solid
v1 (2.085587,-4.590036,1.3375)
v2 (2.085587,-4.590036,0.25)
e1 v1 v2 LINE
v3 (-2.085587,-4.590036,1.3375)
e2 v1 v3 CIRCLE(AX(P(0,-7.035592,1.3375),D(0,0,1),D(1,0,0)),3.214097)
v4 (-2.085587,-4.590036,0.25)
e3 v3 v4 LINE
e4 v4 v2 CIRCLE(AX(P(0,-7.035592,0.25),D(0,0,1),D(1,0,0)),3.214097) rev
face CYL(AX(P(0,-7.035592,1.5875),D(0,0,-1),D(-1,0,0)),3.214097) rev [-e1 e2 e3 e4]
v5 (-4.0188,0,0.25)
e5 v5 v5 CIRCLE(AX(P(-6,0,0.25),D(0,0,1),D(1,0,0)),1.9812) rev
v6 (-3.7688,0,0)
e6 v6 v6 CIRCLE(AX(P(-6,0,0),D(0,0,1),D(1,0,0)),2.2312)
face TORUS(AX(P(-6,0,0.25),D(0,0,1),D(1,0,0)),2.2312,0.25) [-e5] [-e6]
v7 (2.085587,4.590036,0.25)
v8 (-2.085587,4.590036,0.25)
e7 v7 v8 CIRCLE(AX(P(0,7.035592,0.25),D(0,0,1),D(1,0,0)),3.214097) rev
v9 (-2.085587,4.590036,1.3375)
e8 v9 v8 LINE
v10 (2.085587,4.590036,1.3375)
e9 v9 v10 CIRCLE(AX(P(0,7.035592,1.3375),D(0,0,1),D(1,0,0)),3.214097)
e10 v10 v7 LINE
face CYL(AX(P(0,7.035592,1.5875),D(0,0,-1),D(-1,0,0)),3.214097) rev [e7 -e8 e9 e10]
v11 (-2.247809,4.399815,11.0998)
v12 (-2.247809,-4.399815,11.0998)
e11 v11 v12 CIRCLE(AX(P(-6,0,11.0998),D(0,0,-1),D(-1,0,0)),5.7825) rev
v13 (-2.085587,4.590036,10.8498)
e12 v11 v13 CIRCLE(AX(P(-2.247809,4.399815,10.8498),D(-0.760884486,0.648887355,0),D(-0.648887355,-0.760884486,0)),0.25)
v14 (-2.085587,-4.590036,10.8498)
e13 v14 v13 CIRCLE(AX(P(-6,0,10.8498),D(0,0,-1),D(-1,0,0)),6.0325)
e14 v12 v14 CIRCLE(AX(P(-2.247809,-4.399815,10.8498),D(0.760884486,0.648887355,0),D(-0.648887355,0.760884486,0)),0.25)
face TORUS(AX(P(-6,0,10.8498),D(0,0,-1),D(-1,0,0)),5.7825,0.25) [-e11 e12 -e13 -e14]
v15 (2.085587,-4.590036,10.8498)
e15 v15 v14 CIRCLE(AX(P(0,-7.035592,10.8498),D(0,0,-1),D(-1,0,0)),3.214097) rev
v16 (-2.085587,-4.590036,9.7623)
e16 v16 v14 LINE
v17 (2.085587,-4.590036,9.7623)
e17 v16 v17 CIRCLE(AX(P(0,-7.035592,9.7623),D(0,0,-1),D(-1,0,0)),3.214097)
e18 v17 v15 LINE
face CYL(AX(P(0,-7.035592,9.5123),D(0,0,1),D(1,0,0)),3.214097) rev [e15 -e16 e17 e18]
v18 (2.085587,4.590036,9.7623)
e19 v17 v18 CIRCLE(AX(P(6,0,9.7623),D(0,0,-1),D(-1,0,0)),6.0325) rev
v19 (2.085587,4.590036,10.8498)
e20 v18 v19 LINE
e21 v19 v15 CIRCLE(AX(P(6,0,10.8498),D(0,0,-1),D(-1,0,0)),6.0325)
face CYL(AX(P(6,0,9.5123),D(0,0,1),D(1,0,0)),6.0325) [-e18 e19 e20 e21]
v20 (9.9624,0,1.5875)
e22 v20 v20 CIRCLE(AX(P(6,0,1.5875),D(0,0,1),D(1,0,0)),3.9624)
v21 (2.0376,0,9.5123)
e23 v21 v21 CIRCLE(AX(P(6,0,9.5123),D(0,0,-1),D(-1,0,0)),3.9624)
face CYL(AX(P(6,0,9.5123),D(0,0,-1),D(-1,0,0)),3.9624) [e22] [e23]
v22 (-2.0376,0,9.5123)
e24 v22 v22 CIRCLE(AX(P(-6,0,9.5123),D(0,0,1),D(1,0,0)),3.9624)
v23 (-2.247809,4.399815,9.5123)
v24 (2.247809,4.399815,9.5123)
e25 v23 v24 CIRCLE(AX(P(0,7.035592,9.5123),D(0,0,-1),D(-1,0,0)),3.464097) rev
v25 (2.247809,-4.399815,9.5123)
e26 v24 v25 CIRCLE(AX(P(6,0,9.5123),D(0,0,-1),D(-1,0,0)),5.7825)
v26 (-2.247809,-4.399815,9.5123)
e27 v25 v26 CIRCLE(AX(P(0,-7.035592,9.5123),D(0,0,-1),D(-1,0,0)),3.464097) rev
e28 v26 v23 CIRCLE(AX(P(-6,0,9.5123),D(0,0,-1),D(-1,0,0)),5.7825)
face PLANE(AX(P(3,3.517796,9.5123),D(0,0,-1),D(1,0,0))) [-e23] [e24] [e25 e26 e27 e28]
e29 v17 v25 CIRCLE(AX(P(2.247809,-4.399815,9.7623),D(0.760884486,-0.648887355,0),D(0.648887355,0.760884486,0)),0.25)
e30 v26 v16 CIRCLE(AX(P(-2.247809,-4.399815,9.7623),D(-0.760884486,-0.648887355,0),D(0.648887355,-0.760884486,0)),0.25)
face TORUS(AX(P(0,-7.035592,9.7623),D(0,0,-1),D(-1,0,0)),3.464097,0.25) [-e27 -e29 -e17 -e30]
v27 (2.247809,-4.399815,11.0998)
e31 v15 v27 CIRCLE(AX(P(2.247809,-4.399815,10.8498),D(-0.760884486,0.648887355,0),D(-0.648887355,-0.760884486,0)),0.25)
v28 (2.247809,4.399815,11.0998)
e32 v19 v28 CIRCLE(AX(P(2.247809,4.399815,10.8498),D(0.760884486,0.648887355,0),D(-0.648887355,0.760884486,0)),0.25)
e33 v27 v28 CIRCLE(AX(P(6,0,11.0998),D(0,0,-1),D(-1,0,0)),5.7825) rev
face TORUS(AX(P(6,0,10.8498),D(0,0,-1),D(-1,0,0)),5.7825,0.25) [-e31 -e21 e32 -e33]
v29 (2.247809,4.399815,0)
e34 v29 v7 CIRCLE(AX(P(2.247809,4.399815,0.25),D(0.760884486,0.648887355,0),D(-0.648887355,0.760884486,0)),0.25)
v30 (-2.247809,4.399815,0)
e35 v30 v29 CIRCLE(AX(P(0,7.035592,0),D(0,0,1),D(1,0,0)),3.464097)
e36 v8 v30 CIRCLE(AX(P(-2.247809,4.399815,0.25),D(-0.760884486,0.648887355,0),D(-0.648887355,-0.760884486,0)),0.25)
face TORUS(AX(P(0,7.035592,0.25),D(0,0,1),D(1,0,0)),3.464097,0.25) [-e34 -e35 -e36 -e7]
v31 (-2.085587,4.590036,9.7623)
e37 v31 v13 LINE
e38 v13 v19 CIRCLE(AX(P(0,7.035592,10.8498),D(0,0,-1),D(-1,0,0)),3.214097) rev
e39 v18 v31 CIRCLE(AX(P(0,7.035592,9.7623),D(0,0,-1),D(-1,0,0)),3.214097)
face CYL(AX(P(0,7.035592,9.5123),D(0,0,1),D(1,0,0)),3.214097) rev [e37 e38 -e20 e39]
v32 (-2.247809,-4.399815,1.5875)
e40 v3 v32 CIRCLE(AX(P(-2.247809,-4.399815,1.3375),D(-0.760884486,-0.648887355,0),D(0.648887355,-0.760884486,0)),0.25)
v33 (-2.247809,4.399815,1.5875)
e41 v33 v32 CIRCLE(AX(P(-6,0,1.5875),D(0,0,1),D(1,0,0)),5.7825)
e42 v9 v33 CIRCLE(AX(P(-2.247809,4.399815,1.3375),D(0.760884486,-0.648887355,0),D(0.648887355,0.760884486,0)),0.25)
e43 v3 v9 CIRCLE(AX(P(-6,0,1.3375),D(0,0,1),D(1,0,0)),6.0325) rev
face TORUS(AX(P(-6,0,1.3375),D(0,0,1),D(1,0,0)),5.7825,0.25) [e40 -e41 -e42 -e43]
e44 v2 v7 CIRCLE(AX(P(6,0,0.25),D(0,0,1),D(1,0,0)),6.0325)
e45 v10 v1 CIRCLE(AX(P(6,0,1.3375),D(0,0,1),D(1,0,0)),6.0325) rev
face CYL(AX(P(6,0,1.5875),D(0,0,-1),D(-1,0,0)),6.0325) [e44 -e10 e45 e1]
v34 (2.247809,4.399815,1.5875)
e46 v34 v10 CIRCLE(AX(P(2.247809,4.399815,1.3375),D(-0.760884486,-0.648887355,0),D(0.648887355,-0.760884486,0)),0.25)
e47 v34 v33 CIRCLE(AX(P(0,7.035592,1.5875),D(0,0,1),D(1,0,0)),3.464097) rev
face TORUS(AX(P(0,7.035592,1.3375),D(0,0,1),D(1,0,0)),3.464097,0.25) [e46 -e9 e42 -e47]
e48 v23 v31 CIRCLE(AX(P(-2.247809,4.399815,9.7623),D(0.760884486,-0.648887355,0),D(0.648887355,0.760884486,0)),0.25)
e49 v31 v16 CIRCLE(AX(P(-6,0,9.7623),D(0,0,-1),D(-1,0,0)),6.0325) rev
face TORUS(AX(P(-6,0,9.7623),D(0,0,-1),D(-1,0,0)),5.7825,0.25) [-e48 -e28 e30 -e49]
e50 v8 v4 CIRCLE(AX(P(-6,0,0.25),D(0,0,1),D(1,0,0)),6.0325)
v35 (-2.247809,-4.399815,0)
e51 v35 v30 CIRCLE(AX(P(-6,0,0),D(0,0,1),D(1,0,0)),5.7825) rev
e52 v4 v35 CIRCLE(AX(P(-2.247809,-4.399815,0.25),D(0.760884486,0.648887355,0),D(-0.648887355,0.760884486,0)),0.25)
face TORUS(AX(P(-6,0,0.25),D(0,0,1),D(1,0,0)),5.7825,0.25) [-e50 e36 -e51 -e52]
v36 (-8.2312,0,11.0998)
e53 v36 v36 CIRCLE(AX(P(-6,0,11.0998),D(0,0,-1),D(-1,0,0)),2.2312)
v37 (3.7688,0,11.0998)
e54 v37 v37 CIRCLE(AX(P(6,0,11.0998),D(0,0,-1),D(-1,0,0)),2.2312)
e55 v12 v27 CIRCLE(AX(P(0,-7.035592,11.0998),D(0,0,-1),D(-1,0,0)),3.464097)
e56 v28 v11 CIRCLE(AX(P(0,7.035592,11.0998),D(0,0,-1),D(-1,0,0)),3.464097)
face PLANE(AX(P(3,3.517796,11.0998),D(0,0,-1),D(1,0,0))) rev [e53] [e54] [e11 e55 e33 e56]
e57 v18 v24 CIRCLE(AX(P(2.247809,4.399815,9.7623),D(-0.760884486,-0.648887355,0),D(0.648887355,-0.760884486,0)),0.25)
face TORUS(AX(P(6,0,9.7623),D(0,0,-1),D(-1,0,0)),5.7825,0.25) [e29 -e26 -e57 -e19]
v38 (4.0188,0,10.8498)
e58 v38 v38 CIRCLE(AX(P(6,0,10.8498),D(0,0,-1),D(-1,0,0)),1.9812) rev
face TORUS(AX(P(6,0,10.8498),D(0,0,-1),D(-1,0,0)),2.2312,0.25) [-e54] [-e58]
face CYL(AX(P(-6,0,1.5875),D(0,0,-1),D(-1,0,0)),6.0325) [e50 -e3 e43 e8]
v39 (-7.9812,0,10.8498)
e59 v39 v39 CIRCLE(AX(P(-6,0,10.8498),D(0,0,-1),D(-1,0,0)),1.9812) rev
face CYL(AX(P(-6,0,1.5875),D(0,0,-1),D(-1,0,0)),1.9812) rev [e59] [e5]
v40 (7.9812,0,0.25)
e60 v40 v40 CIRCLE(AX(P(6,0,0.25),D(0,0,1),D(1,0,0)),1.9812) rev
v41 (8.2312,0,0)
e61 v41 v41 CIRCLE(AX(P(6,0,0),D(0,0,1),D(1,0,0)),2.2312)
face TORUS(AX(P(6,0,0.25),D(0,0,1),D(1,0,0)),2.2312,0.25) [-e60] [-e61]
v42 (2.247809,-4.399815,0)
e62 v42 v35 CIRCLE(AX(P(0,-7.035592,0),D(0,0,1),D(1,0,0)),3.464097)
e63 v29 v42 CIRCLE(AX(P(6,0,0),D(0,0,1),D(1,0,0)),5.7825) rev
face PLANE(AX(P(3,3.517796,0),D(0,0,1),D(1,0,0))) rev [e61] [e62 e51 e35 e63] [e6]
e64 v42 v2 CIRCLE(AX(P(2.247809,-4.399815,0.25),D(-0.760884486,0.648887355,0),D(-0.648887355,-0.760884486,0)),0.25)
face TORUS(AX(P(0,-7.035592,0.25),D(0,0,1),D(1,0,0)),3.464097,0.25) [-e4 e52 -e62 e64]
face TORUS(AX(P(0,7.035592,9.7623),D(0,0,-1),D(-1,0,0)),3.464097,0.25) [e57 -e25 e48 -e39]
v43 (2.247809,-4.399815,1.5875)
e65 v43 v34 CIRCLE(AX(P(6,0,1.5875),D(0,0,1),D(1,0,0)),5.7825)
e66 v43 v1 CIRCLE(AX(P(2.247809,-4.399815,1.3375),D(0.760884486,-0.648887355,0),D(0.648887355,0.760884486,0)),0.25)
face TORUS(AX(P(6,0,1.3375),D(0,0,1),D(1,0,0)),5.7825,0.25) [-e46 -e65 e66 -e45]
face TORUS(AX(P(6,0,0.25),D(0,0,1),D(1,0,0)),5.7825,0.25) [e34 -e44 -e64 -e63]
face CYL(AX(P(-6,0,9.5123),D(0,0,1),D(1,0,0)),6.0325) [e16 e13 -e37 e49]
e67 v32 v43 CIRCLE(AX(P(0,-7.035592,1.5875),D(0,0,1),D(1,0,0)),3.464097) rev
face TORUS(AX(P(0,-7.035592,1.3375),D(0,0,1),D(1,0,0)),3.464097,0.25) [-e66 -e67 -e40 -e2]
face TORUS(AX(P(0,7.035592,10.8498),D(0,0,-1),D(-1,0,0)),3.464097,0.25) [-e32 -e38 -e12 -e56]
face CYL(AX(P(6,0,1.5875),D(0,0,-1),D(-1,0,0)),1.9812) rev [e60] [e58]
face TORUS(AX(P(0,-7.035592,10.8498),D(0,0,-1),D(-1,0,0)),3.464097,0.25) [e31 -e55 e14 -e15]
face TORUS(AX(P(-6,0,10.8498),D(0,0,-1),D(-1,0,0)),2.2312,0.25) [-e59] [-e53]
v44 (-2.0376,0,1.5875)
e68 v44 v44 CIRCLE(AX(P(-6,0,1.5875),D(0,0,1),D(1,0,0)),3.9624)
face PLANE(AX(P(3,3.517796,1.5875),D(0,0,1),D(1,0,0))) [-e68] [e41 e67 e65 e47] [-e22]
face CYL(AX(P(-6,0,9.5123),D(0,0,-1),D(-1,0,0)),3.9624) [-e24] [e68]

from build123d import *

# Parameters (mm, degrees)
ESBO_O1_R                = 1.9812
RESSALTO_EXTRUS_O1_DEPTH = 1.5875
FILETE1_R                = 0.25
ESBO_O2_R                = 3.9624
ESBO_O2_R_2              = 1.9812
RESSALTO_EXTRUS_O2_DEPTH = 7.9248
FILETE1_OF_ESPELHAR2_R   = 0.25
FILETE2_R                = 0.25


with BuildPart() as part:
    # Esboço1 → Ressalto-extrusão1 (new body)
    with BuildSketch(Plane.XY):
        with BuildLine():
            ThreePointArc((-2.085587031, 4.59003566), (-12.0325, 0), (-2.085587031, -4.59003566))
            ThreePointArc((-2.085587031, -4.59003566), (0, -3.821495155), (2.085587031, -4.59003566))
            ThreePointArc((2.085587031, -4.59003566), (12.0325, 0), (2.085587031, 4.59003566))
            ThreePointArc((2.085587031, 4.59003566), (0, 3.821495155), (-2.085587031, 4.59003566))
        make_face()
        with Locations((-6, 0)):
            Circle(ESBO_O1_R, mode=Mode.SUBTRACT)
        with Locations(Location((6, 0, 0), (0, 0, 180))):
            Circle(ESBO_O1_R, mode=Mode.SUBTRACT)
    ressalto_extrus_o1 = extrude(amount=RESSALTO_EXTRUS_O1_DEPTH)

    # Filete1
    filete1_edges = [part.edges().sort_by_distance(p)[0] for p in [
        (0, -3.821495155, 1.5875),
        (12.0325, 0, 1.5875),
        (0, 3.821495155, 1.5875),
        (12.0325, 0, 0),
        (0, -3.821495155, 0),
        (-12.0325, 0, 0),
        (0, 3.821495155, 0),
        (-12.0325, 0, 1.5875),
    ]]
    fillet(filete1_edges, radius=FILETE1_R)

    # Esboço2 → Ressalto-extrusão2 (add)
    with BuildSketch(Plane.XY.offset(1.5875)):
        with Locations((-6, 0)):
            Circle(ESBO_O2_R)
        with Locations((-6, 0)):
            Circle(ESBO_O2_R_2, mode=Mode.SUBTRACT)
    ressalto_extrus_o2 = extrude(amount=RESSALTO_EXTRUS_O2_DEPTH)

    # Espelhar1: Ressalto-extrusão2 across plane
    add(ressalto_extrus_o2.mirror(Plane(origin=(0, 0, 0), x_dir=(0, 0, 1), z_dir=(1, 0, 0))))

    # Espelhar2: Ressalto-extrusão1 across plane
    add(ressalto_extrus_o1.mirror(Plane.XY.offset(5.5499)))

    # Filete1 of Espelhar2
    filete1_of_espelhar2_edges = [part.edges().sort_by_distance(p)[0] for p in [
        (0, -3.821495155, 9.5123),
        (12.0325, 0, 9.5123),
        (0, 3.821495155, 9.5123),
        (12.0325, 0, 11.0998),
        (0, -3.821495155, 11.0998),
        (-12.0325, 0, 11.0998),
        (0, 3.821495155, 11.0998),
        (-12.0325, 0, 9.5123),
    ]]
    fillet(filete1_of_espelhar2_edges, radius=FILETE1_OF_ESPELHAR2_R)

    # Filete2
    filete2_edges = [part.edges().sort_by_distance(p)[0] for p in [
        (-7.9812, 0, 0),
        (7.9812, 0, 0),
        (-7.9812, 0, 11.0998),
        (7.9812, 0, 11.0998),
    ]]
    fillet(filete2_edges, radius=FILETE2_R)


solid = part.part
